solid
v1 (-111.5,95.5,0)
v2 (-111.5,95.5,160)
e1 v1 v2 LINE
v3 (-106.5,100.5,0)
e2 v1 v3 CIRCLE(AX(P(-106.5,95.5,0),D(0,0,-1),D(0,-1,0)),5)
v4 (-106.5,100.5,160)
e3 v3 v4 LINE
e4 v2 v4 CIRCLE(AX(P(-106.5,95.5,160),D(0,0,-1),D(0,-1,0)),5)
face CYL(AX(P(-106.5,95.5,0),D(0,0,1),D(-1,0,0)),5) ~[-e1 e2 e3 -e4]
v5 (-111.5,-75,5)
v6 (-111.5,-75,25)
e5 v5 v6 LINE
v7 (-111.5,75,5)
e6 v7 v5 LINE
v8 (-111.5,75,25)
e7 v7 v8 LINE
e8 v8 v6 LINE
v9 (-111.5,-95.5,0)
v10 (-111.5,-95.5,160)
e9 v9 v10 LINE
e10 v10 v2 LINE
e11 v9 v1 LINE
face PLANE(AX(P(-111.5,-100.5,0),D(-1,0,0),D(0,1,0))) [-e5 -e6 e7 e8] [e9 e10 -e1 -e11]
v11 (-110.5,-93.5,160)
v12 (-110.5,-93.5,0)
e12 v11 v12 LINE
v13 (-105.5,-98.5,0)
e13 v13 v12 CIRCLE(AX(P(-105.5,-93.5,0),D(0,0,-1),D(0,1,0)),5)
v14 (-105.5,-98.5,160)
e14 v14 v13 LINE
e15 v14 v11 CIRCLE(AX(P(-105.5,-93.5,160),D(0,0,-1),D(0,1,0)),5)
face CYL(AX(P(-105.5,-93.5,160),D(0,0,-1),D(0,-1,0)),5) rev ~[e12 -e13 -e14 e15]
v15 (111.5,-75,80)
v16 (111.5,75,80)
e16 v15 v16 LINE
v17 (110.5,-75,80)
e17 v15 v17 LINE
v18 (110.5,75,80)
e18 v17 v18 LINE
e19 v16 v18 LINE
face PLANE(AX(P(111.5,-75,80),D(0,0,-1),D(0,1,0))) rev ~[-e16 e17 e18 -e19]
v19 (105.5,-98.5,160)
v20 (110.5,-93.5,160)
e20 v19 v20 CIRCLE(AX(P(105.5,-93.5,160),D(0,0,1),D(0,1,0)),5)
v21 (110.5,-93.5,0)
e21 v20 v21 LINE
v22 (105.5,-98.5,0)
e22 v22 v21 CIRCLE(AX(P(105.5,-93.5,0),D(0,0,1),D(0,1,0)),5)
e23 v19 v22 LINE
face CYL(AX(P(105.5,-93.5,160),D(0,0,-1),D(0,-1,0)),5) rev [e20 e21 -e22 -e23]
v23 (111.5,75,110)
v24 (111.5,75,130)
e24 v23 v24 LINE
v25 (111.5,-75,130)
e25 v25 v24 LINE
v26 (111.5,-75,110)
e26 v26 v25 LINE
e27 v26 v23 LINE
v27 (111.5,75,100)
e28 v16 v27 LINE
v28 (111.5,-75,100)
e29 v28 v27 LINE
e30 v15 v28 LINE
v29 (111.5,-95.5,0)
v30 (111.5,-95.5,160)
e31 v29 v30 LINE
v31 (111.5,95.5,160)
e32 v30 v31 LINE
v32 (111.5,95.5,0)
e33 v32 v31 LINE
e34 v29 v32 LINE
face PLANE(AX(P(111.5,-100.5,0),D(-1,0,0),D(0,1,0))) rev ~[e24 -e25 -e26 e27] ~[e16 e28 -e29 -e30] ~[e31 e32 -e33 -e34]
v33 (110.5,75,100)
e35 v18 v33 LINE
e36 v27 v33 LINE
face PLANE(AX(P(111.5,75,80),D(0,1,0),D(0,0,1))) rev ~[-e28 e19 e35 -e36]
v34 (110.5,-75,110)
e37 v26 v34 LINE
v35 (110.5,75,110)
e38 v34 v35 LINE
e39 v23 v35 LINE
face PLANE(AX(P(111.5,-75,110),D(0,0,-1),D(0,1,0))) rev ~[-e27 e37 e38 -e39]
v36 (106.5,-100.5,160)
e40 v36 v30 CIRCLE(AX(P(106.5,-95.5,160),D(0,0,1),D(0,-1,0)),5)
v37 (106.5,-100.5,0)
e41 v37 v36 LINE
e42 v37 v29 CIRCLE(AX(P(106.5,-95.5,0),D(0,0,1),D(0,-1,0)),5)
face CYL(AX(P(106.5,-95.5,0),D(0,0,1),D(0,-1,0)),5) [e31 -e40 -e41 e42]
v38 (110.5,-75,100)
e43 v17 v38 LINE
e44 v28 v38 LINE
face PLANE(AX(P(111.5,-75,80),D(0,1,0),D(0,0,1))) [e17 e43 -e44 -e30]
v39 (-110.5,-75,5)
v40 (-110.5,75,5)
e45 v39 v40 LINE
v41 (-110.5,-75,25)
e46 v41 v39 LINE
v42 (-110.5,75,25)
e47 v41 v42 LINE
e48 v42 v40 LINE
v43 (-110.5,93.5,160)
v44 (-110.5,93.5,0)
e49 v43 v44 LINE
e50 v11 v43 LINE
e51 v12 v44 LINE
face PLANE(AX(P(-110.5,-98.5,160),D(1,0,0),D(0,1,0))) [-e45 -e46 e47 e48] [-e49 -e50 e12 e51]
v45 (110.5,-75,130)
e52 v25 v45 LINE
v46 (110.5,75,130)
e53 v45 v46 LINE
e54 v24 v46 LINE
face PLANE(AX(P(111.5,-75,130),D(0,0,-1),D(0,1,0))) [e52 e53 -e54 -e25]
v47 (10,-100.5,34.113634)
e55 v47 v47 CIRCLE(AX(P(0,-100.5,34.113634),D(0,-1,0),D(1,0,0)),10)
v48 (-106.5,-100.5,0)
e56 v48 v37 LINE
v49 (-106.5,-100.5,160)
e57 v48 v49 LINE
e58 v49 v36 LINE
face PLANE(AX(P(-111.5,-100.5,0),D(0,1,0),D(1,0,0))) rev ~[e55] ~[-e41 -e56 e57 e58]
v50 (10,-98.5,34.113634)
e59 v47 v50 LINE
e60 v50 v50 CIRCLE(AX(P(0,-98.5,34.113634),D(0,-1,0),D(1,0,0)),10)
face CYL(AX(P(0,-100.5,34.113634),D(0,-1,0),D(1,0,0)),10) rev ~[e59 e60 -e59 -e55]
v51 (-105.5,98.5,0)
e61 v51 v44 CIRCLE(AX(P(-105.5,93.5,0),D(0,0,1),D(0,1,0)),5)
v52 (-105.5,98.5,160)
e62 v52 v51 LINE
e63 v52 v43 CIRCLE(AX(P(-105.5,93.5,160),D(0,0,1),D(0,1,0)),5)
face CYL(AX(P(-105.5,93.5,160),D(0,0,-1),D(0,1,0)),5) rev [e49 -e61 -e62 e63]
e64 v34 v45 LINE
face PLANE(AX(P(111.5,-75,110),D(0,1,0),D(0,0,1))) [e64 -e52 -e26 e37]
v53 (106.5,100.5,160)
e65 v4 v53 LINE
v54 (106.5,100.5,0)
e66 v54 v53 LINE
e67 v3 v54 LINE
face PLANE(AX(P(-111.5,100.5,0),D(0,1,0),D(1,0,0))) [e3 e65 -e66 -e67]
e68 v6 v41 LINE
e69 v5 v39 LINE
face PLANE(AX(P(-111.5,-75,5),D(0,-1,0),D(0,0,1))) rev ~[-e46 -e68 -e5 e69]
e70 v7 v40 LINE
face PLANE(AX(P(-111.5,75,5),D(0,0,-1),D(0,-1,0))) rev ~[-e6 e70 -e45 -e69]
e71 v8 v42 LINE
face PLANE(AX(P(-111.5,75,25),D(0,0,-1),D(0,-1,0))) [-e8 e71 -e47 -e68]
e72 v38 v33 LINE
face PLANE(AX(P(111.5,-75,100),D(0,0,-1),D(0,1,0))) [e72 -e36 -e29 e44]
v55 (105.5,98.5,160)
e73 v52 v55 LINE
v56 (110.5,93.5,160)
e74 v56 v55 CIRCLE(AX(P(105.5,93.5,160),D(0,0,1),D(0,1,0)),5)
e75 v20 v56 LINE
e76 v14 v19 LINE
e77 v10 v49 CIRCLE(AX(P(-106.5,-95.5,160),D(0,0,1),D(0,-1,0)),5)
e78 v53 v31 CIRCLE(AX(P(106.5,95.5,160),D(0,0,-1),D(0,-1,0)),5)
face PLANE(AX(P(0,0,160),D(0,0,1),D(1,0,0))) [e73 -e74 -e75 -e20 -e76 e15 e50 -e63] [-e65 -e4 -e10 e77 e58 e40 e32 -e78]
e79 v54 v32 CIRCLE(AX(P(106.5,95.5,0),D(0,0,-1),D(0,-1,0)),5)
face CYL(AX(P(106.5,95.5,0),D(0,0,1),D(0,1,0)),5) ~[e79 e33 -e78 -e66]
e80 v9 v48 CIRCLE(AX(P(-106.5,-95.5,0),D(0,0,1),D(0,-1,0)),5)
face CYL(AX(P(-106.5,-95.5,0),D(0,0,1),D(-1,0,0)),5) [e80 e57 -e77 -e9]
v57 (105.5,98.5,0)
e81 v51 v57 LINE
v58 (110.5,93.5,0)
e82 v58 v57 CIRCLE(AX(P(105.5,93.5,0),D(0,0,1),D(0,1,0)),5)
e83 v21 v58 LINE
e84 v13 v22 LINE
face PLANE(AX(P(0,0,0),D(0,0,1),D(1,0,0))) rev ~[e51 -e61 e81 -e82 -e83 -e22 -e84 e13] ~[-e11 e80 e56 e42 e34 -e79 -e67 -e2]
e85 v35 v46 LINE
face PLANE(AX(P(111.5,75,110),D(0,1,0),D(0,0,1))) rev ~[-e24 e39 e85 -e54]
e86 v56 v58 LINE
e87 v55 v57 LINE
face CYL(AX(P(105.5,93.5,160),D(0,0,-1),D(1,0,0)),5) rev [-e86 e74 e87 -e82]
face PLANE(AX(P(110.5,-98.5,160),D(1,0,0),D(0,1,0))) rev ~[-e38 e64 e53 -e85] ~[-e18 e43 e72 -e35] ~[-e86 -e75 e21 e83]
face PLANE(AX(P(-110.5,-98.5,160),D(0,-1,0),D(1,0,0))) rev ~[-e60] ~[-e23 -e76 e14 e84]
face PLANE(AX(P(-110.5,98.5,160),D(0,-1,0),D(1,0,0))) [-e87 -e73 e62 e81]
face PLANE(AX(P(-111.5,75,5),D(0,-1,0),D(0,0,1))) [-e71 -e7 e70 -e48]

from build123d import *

# Parameters (mm, degrees)
F0_W     = 223
F0_H     = 201
F1_DEPTH = 160
F2_W     = 221
F2_H     = 197
F3_DEPTH = 160
F4_W     = 150
F4_H     = 20
F5_DEPTH = 25
F6_W     = 150
F6_H     = 20
F7_DEPTH = 25
F8_R     = 10
F9_DEPTH = 25
F10_R    = 5


with BuildPart() as f1:
    # F0 (on Top) → F1 (new body)
    with BuildSketch(Plane.XY):
        Rectangle(F0_W, F0_H)
    extrude(amount=F1_DEPTH)

    # F2 (on face) → F3 (cut)
    with BuildSketch(Plane.XY.offset(160)):
        Rectangle(F2_W, F2_H)
    extrude(amount=-F3_DEPTH, mode=Mode.SUBTRACT)

    # F4 (on face) → F5 (cut)
    with BuildSketch(Plane.YZ.offset(111.5)):
        with Locations((0, 120)):
            Rectangle(F4_W, F4_H)
        with Locations((0, 90)):
            Rectangle(F4_W, F4_H)
    extrude(amount=-F5_DEPTH, mode=Mode.SUBTRACT)

    # F6 (on face) → F7 (cut)
    with BuildSketch(Plane(origin=(-111.5, 0, 0), x_dir=(0, -1, 0), z_dir=(-1, 0, 0))):
        with Locations((0, 15)):
            Rectangle(F6_W, F6_H)
    extrude(amount=-F7_DEPTH, mode=Mode.SUBTRACT)

    # F8 (on face) → F9 (cut)
    with BuildSketch(Plane.XZ.offset(100.5)):
        with Locations((0, 34.113634)):
            Circle(F8_R)
    extrude(amount=-F9_DEPTH, mode=Mode.SUBTRACT)

    # F10
    f10_edges = [f1.edges().sort_by_distance(p)[0] for p in [
        (-110.5, -98.5, 80),
        (-111.5, -100.5, 80),
        (-111.5, 100.5, 80),
        (-110.5, 98.5, 80),
        (110.5, 98.5, 80),
        (110.5, -98.5, 80),
        (111.5, 100.5, 80),
        (111.5, -100.5, 80),
    ]]
    fillet(f10_edges, radius=F10_R)


solid = f1.part
